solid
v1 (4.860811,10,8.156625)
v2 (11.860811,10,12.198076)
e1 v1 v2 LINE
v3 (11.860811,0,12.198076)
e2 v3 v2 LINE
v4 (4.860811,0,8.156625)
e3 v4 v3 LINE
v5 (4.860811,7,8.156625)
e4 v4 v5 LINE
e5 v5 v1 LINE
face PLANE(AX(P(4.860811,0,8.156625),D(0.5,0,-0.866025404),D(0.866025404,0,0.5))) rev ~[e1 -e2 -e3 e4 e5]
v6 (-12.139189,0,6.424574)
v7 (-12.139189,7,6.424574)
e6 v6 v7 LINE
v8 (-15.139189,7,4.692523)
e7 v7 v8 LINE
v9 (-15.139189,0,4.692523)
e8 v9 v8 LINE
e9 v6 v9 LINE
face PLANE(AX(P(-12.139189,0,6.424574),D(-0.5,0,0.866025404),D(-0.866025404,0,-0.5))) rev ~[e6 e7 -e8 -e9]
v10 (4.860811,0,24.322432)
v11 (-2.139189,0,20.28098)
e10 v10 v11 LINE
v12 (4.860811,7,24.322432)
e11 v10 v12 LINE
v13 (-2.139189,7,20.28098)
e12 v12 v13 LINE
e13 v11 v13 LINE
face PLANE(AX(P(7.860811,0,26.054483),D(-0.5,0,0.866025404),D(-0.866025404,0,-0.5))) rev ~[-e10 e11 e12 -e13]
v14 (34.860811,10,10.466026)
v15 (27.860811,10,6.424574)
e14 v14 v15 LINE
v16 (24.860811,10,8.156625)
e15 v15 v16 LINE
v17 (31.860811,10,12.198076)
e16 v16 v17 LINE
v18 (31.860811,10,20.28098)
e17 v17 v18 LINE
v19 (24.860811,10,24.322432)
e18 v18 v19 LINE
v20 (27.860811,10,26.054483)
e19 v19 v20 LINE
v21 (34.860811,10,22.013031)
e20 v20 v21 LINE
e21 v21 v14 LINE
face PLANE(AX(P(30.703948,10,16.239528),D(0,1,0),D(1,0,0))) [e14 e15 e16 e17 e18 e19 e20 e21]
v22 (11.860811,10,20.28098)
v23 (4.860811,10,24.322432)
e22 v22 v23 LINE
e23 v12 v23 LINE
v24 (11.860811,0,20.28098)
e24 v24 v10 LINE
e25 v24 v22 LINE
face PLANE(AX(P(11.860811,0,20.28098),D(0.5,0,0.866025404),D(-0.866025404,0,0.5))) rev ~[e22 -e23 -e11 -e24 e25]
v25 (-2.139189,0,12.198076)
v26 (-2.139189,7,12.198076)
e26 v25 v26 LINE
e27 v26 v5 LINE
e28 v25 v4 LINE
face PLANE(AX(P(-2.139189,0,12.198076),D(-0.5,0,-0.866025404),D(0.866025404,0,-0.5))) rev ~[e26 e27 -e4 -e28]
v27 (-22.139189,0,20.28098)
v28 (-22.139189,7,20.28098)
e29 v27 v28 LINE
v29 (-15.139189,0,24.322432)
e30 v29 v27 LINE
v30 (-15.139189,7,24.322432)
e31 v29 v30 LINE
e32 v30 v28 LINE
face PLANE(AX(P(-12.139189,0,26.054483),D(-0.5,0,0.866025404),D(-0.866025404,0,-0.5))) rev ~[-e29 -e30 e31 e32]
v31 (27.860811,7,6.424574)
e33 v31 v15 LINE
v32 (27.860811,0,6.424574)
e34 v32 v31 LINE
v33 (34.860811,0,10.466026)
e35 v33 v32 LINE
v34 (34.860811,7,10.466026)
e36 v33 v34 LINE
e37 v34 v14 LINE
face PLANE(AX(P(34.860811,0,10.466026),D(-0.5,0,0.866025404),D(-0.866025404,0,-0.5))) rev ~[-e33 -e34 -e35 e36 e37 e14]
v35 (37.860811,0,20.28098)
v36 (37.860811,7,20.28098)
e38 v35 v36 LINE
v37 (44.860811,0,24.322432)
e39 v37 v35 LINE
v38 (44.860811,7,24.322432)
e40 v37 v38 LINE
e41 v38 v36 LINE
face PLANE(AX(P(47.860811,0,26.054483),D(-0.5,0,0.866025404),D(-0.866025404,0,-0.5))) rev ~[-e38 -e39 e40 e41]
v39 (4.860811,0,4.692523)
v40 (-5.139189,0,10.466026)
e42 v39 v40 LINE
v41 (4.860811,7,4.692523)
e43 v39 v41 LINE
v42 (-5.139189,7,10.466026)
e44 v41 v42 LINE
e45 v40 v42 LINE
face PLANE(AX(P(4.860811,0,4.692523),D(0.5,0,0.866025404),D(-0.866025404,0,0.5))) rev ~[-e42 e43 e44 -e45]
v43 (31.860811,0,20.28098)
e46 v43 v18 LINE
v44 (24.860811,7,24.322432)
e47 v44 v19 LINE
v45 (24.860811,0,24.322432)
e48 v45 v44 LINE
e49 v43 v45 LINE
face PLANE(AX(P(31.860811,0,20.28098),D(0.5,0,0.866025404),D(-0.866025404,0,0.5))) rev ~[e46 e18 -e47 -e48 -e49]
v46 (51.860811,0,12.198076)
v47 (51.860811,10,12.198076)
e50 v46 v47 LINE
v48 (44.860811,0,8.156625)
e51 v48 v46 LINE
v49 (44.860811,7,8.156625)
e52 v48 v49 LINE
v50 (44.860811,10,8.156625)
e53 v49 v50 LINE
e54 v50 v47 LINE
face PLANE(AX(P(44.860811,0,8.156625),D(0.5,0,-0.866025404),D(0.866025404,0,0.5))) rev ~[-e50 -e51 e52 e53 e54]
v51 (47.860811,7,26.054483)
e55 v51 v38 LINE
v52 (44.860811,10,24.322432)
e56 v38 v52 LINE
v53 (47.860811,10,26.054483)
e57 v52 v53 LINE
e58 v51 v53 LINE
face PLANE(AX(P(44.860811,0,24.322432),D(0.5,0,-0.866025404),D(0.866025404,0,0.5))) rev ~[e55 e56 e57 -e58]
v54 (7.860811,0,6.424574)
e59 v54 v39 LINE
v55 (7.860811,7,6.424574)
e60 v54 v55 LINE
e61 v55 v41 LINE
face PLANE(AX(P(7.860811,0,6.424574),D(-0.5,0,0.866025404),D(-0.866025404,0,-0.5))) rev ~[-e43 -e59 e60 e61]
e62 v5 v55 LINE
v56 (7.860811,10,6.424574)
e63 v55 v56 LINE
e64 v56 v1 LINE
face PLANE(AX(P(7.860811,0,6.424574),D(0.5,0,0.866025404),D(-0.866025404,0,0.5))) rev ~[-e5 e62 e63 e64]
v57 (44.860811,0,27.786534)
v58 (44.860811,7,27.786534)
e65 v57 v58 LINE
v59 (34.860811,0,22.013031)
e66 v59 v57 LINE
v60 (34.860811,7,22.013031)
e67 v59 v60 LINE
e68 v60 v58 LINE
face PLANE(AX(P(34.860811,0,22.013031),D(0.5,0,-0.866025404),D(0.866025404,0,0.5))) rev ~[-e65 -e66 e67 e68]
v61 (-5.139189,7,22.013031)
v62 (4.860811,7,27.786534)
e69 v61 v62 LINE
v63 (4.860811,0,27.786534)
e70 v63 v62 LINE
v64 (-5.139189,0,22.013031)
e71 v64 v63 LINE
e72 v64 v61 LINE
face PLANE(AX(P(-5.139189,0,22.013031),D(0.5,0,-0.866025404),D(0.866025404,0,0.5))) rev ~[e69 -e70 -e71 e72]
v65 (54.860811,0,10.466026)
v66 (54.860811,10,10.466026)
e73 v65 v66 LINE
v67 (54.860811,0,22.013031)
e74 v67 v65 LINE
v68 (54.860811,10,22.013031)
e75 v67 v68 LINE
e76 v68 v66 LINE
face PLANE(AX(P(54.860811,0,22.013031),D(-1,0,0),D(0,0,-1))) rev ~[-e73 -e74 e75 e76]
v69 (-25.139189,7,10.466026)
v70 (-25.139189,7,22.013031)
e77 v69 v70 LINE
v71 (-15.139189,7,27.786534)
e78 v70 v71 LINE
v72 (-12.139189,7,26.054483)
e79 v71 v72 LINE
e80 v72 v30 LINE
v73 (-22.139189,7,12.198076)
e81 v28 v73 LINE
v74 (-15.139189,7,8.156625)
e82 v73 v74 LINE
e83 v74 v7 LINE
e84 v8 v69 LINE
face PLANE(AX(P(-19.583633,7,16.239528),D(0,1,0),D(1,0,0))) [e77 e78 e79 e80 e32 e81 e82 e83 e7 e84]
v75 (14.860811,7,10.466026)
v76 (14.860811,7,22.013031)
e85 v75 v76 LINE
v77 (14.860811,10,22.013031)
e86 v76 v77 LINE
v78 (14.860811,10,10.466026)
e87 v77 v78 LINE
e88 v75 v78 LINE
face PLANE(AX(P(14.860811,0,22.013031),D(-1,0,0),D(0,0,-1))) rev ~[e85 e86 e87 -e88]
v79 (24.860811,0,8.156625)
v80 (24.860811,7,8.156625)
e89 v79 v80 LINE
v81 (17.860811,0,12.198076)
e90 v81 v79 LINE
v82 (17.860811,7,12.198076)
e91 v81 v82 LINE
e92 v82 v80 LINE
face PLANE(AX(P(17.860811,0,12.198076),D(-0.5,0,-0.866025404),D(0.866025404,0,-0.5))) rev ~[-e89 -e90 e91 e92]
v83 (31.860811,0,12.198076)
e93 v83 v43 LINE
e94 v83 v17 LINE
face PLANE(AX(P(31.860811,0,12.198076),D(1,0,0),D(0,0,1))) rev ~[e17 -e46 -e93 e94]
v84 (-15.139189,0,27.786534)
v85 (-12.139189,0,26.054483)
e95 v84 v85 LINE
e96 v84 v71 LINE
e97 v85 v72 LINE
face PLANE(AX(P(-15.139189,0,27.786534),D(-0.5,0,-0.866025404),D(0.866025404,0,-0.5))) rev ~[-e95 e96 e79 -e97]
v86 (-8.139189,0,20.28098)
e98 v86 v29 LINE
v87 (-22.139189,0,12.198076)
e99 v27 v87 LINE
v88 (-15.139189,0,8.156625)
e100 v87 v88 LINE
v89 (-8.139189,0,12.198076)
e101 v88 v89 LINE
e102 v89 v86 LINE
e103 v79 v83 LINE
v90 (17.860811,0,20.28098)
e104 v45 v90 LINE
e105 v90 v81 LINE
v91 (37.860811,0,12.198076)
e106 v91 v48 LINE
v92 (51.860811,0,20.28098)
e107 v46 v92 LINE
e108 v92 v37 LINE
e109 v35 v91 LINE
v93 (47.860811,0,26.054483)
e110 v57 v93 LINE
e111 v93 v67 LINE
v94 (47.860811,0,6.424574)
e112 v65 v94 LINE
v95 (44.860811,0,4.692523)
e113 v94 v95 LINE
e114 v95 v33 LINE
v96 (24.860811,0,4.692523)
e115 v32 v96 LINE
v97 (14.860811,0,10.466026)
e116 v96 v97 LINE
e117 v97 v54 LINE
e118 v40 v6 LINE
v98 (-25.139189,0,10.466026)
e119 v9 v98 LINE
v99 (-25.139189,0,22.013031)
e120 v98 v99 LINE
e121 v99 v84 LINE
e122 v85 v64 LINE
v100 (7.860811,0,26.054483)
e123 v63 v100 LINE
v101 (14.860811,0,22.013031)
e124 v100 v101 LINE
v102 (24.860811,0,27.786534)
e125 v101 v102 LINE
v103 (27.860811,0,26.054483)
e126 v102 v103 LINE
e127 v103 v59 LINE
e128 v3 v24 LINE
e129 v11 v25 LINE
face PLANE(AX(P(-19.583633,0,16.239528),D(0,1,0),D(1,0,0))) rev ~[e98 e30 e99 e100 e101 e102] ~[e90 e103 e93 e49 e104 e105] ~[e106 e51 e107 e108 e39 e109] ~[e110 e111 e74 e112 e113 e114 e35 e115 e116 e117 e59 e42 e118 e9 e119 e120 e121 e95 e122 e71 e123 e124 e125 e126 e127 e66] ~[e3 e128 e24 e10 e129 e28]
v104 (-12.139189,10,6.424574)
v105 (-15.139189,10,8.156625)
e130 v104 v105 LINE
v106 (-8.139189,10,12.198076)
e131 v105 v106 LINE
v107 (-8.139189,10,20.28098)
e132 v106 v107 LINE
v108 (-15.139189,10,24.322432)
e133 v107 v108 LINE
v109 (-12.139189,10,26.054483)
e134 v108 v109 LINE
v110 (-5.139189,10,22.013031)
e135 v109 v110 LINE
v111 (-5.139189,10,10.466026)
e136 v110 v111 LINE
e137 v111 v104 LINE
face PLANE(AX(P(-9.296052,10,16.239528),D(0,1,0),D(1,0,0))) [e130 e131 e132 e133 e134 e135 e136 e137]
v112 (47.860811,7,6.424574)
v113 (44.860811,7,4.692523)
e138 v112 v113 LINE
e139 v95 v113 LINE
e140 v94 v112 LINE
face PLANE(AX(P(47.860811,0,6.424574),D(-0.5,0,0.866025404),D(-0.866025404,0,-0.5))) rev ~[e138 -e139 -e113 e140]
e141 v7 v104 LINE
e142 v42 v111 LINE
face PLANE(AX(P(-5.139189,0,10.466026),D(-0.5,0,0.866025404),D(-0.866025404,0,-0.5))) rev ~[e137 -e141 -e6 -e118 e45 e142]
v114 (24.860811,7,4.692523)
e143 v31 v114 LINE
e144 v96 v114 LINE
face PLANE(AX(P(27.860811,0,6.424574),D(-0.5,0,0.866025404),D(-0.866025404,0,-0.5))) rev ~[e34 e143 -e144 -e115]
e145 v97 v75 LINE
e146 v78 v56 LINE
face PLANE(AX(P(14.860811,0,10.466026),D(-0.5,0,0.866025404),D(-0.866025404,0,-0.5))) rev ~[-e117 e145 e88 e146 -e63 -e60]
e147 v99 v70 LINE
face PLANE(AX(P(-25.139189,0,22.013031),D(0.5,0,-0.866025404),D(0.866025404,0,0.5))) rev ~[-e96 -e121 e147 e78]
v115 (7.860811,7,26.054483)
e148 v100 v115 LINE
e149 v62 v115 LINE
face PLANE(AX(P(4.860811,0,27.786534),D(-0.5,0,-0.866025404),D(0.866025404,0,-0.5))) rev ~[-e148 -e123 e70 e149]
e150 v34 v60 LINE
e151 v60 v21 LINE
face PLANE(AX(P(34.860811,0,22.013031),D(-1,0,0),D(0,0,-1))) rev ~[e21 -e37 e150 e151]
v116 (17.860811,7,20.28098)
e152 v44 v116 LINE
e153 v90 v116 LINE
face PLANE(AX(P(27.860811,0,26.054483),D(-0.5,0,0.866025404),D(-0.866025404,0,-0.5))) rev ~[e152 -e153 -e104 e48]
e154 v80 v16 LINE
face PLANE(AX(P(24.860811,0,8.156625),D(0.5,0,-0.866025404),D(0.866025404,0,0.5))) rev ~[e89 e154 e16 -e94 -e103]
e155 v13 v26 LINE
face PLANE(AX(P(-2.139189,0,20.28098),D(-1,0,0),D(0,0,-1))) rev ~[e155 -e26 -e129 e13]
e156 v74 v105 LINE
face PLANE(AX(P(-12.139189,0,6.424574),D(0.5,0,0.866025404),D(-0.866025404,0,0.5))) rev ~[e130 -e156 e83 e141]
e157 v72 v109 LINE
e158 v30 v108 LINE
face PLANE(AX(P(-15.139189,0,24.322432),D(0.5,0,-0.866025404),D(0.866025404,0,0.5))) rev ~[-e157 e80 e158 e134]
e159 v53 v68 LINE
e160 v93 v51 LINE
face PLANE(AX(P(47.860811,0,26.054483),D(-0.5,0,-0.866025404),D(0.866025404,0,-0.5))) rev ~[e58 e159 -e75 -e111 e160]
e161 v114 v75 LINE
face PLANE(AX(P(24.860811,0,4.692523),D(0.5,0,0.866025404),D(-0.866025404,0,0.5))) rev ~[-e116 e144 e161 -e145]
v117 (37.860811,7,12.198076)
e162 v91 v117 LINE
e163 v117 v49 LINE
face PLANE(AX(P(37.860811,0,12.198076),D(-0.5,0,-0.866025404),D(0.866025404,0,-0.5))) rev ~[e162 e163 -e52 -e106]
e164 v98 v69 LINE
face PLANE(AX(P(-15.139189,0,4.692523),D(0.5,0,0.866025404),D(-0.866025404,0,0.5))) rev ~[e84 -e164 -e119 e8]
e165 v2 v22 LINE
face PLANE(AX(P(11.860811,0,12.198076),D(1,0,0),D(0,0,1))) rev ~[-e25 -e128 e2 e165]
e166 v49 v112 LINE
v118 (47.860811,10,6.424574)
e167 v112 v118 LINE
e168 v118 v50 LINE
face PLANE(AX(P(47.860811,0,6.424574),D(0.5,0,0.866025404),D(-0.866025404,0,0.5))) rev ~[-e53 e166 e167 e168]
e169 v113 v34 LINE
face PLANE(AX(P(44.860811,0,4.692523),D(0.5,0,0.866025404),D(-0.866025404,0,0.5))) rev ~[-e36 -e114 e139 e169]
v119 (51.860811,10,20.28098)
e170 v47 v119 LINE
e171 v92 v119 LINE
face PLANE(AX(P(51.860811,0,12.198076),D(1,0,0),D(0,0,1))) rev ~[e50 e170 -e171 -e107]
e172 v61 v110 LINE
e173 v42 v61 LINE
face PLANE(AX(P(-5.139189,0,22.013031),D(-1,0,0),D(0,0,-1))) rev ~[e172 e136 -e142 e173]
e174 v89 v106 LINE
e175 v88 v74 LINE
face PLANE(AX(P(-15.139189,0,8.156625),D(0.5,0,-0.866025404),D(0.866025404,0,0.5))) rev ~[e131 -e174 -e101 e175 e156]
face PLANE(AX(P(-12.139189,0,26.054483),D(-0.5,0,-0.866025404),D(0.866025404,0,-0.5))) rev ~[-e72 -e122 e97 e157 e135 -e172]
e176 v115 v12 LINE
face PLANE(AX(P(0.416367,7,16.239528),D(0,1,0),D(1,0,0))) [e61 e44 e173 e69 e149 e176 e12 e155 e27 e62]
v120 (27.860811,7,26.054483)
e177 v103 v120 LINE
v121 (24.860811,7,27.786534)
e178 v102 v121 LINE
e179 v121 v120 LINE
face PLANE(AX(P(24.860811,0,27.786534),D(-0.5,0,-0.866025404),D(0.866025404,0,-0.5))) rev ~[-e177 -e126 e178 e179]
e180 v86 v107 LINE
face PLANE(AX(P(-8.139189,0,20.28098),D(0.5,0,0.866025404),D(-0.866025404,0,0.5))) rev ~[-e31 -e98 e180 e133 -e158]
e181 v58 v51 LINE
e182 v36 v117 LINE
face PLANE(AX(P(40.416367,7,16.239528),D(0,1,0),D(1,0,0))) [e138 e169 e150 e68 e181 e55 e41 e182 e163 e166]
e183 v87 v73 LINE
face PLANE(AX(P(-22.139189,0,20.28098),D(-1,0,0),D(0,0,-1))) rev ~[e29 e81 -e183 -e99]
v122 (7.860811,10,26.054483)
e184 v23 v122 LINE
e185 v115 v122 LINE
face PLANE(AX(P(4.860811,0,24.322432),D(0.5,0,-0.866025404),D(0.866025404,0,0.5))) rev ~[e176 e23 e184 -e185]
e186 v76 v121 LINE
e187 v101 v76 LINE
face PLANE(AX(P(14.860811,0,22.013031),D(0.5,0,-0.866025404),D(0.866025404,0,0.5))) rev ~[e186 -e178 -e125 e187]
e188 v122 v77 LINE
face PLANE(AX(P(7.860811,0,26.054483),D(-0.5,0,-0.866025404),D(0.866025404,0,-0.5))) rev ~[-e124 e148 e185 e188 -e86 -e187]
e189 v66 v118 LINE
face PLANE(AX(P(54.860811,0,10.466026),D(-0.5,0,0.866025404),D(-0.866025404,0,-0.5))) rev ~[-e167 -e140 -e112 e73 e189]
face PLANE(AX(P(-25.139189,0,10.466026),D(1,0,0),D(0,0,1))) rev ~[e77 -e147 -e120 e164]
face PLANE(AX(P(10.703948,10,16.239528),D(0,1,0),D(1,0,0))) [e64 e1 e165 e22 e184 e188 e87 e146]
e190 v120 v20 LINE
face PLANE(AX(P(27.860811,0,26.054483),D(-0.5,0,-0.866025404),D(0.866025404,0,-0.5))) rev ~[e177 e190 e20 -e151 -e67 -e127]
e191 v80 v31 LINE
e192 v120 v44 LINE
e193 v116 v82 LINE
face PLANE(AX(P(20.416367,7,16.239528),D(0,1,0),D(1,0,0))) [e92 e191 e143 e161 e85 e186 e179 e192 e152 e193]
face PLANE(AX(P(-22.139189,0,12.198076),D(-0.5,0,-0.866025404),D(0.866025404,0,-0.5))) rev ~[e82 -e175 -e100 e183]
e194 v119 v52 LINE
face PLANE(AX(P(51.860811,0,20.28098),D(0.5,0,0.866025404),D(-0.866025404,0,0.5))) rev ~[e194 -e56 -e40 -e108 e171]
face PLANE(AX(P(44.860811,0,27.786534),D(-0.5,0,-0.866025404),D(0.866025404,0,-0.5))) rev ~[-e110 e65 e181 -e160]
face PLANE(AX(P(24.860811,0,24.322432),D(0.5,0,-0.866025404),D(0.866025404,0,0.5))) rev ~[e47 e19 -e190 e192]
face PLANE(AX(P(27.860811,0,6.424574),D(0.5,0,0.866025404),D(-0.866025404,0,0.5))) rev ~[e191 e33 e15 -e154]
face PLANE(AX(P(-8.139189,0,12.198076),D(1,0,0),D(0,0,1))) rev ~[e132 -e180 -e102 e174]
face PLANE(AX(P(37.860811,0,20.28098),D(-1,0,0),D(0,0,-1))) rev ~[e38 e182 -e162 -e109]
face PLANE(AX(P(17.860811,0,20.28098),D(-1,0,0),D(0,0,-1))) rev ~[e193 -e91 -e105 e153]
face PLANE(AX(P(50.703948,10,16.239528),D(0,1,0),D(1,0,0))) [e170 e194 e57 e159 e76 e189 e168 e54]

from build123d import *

# Parameters (mm, degrees)
BOSS_EXTRUDE3_DEPTH   = 10
BOSS_EXTRUDE3_2_DEPTH = 10
BOSS_EXTRUDE3_3_DEPTH = 10
BOSS_EXTRUDE3_4_DEPTH = 10
BOSS_EXTRUDE4_DEPTH   = 7


with BuildPart() as part:
    # Sketch1 → Boss-Extrude3 (new body)
    with BuildSketch(Plane(origin=(0, 0, 0), x_dir=(1, 0, 0), z_dir=(0, 1, 0))):
        Polygon((54.860811185, -22.01303097), (54.860811185, -10.466025586), (47.860811185, -6.424573702), (44.860811185, -8.156624509), (51.860811185, -12.198076394), (51.860811185, -20.280980162), (44.860811185, -24.322432047), (47.860811185, -26.054482854), align=None)
    extrude(amount=BOSS_EXTRUDE3_DEPTH)



with BuildPart() as body_2:
    # Sketch1 → Boss-Extrude3 2 (new body)
    with BuildSketch(Plane(origin=(0, 0, 0), x_dir=(1, 0, 0), z_dir=(0, 1, 0))):
        Polygon((-12.139188815, -6.424573702), (-15.139188815, -8.156624509), (-8.139188815, -12.198076394), (-8.139188815, -20.280980162), (-15.139188815, -24.322432047), (-12.139188815, -26.054482854), (-5.139188815, -22.01303097), (-5.139188815, -10.466025586), align=None)
    extrude(amount=BOSS_EXTRUDE3_2_DEPTH)


with BuildPart() as body_3:
    # Sketch1 → Boss-Extrude3 3 (new body)
    with BuildSketch(Plane(origin=(0, 0, 0), x_dir=(1, 0, 0), z_dir=(0, 1, 0))):
        Polygon((34.860811185, -10.466025586), (27.860811185, -6.424573702), (24.860811185, -8.156624509), (31.860811185, -12.198076394), (31.860811185, -20.280980162), (24.860811185, -24.322432047), (27.860811185, -26.054482854), (34.860811185, -22.01303097), align=None)
    extrude(amount=BOSS_EXTRUDE3_3_DEPTH)


with BuildPart() as body_4:
    # Sketch1 → Boss-Extrude3 4 (new body)
    with BuildSketch(Plane(origin=(0, 0, 0), x_dir=(1, 0, 0), z_dir=(0, 1, 0))):
        Polygon((7.860811185, -6.424573702), (4.860811185, -8.156624509), (11.860811185, -12.198076394), (11.860811185, -20.280980162), (4.860811185, -24.322432047), (7.860811185, -26.054482854), (14.860811185, -22.01303097), (14.860811185, -10.466025586), align=None)
    extrude(amount=BOSS_EXTRUDE3_4_DEPTH)


with BuildPart() as part_1:
    add(part.part)

    add(body_2.part)  # Boss-Extrude4 merges body 2

    add(body_3.part)  # Boss-Extrude4 merges body 3

    add(body_4.part)  # Boss-Extrude4 merges body 4
    # Sketch1<8> → Boss-Extrude4 (add)
    with BuildSketch(Plane(origin=(0, 0, 0), x_dir=(1, 0, 0), z_dir=(0, 1, 0))):
        Polygon((-22.139188815, -12.198076394), (-12.139188815, -6.424573702), (-15.139188815, -4.692522894), (-25.139188815, -10.466025586), (-25.139188815, -22.01303097), (-15.139188815, -27.786533662), (-12.139188815, -26.054482854), (-22.139188815, -20.280980162), align=None)
        Polygon((44.860811185, -8.156624509), (47.860811185, -6.424573702), (44.860811185, -4.692522894), (34.860811185, -10.466025586), (34.860811185, -22.01303097), (44.860811185, -27.786533662), (47.860811185, -26.054482854), (37.860811185, -20.280980162), (37.860811185, -12.198076394), align=None)
        Polygon((-2.139188815, -12.198076394), (7.860811185, -6.424573702), (4.860811185, -4.692522894), (-5.139188815, -10.466025586), (-5.139188815, -22.01303097), (4.860811185, -27.786533662), (7.860811185, -26.054482854), (-2.139188815, -20.280980162), align=None)
        Polygon((27.860811185, -6.424573702), (24.860811185, -4.692522894), (14.860811185, -10.466025586), (14.860811185, -22.01303097), (24.860811185, -27.786533662), (27.860811185, -26.054482854), (17.860811185, -20.280980162), (17.860811185, -12.198076394), align=None)
    extrude(amount=BOSS_EXTRUDE4_DEPTH)


solid = part_1.part
